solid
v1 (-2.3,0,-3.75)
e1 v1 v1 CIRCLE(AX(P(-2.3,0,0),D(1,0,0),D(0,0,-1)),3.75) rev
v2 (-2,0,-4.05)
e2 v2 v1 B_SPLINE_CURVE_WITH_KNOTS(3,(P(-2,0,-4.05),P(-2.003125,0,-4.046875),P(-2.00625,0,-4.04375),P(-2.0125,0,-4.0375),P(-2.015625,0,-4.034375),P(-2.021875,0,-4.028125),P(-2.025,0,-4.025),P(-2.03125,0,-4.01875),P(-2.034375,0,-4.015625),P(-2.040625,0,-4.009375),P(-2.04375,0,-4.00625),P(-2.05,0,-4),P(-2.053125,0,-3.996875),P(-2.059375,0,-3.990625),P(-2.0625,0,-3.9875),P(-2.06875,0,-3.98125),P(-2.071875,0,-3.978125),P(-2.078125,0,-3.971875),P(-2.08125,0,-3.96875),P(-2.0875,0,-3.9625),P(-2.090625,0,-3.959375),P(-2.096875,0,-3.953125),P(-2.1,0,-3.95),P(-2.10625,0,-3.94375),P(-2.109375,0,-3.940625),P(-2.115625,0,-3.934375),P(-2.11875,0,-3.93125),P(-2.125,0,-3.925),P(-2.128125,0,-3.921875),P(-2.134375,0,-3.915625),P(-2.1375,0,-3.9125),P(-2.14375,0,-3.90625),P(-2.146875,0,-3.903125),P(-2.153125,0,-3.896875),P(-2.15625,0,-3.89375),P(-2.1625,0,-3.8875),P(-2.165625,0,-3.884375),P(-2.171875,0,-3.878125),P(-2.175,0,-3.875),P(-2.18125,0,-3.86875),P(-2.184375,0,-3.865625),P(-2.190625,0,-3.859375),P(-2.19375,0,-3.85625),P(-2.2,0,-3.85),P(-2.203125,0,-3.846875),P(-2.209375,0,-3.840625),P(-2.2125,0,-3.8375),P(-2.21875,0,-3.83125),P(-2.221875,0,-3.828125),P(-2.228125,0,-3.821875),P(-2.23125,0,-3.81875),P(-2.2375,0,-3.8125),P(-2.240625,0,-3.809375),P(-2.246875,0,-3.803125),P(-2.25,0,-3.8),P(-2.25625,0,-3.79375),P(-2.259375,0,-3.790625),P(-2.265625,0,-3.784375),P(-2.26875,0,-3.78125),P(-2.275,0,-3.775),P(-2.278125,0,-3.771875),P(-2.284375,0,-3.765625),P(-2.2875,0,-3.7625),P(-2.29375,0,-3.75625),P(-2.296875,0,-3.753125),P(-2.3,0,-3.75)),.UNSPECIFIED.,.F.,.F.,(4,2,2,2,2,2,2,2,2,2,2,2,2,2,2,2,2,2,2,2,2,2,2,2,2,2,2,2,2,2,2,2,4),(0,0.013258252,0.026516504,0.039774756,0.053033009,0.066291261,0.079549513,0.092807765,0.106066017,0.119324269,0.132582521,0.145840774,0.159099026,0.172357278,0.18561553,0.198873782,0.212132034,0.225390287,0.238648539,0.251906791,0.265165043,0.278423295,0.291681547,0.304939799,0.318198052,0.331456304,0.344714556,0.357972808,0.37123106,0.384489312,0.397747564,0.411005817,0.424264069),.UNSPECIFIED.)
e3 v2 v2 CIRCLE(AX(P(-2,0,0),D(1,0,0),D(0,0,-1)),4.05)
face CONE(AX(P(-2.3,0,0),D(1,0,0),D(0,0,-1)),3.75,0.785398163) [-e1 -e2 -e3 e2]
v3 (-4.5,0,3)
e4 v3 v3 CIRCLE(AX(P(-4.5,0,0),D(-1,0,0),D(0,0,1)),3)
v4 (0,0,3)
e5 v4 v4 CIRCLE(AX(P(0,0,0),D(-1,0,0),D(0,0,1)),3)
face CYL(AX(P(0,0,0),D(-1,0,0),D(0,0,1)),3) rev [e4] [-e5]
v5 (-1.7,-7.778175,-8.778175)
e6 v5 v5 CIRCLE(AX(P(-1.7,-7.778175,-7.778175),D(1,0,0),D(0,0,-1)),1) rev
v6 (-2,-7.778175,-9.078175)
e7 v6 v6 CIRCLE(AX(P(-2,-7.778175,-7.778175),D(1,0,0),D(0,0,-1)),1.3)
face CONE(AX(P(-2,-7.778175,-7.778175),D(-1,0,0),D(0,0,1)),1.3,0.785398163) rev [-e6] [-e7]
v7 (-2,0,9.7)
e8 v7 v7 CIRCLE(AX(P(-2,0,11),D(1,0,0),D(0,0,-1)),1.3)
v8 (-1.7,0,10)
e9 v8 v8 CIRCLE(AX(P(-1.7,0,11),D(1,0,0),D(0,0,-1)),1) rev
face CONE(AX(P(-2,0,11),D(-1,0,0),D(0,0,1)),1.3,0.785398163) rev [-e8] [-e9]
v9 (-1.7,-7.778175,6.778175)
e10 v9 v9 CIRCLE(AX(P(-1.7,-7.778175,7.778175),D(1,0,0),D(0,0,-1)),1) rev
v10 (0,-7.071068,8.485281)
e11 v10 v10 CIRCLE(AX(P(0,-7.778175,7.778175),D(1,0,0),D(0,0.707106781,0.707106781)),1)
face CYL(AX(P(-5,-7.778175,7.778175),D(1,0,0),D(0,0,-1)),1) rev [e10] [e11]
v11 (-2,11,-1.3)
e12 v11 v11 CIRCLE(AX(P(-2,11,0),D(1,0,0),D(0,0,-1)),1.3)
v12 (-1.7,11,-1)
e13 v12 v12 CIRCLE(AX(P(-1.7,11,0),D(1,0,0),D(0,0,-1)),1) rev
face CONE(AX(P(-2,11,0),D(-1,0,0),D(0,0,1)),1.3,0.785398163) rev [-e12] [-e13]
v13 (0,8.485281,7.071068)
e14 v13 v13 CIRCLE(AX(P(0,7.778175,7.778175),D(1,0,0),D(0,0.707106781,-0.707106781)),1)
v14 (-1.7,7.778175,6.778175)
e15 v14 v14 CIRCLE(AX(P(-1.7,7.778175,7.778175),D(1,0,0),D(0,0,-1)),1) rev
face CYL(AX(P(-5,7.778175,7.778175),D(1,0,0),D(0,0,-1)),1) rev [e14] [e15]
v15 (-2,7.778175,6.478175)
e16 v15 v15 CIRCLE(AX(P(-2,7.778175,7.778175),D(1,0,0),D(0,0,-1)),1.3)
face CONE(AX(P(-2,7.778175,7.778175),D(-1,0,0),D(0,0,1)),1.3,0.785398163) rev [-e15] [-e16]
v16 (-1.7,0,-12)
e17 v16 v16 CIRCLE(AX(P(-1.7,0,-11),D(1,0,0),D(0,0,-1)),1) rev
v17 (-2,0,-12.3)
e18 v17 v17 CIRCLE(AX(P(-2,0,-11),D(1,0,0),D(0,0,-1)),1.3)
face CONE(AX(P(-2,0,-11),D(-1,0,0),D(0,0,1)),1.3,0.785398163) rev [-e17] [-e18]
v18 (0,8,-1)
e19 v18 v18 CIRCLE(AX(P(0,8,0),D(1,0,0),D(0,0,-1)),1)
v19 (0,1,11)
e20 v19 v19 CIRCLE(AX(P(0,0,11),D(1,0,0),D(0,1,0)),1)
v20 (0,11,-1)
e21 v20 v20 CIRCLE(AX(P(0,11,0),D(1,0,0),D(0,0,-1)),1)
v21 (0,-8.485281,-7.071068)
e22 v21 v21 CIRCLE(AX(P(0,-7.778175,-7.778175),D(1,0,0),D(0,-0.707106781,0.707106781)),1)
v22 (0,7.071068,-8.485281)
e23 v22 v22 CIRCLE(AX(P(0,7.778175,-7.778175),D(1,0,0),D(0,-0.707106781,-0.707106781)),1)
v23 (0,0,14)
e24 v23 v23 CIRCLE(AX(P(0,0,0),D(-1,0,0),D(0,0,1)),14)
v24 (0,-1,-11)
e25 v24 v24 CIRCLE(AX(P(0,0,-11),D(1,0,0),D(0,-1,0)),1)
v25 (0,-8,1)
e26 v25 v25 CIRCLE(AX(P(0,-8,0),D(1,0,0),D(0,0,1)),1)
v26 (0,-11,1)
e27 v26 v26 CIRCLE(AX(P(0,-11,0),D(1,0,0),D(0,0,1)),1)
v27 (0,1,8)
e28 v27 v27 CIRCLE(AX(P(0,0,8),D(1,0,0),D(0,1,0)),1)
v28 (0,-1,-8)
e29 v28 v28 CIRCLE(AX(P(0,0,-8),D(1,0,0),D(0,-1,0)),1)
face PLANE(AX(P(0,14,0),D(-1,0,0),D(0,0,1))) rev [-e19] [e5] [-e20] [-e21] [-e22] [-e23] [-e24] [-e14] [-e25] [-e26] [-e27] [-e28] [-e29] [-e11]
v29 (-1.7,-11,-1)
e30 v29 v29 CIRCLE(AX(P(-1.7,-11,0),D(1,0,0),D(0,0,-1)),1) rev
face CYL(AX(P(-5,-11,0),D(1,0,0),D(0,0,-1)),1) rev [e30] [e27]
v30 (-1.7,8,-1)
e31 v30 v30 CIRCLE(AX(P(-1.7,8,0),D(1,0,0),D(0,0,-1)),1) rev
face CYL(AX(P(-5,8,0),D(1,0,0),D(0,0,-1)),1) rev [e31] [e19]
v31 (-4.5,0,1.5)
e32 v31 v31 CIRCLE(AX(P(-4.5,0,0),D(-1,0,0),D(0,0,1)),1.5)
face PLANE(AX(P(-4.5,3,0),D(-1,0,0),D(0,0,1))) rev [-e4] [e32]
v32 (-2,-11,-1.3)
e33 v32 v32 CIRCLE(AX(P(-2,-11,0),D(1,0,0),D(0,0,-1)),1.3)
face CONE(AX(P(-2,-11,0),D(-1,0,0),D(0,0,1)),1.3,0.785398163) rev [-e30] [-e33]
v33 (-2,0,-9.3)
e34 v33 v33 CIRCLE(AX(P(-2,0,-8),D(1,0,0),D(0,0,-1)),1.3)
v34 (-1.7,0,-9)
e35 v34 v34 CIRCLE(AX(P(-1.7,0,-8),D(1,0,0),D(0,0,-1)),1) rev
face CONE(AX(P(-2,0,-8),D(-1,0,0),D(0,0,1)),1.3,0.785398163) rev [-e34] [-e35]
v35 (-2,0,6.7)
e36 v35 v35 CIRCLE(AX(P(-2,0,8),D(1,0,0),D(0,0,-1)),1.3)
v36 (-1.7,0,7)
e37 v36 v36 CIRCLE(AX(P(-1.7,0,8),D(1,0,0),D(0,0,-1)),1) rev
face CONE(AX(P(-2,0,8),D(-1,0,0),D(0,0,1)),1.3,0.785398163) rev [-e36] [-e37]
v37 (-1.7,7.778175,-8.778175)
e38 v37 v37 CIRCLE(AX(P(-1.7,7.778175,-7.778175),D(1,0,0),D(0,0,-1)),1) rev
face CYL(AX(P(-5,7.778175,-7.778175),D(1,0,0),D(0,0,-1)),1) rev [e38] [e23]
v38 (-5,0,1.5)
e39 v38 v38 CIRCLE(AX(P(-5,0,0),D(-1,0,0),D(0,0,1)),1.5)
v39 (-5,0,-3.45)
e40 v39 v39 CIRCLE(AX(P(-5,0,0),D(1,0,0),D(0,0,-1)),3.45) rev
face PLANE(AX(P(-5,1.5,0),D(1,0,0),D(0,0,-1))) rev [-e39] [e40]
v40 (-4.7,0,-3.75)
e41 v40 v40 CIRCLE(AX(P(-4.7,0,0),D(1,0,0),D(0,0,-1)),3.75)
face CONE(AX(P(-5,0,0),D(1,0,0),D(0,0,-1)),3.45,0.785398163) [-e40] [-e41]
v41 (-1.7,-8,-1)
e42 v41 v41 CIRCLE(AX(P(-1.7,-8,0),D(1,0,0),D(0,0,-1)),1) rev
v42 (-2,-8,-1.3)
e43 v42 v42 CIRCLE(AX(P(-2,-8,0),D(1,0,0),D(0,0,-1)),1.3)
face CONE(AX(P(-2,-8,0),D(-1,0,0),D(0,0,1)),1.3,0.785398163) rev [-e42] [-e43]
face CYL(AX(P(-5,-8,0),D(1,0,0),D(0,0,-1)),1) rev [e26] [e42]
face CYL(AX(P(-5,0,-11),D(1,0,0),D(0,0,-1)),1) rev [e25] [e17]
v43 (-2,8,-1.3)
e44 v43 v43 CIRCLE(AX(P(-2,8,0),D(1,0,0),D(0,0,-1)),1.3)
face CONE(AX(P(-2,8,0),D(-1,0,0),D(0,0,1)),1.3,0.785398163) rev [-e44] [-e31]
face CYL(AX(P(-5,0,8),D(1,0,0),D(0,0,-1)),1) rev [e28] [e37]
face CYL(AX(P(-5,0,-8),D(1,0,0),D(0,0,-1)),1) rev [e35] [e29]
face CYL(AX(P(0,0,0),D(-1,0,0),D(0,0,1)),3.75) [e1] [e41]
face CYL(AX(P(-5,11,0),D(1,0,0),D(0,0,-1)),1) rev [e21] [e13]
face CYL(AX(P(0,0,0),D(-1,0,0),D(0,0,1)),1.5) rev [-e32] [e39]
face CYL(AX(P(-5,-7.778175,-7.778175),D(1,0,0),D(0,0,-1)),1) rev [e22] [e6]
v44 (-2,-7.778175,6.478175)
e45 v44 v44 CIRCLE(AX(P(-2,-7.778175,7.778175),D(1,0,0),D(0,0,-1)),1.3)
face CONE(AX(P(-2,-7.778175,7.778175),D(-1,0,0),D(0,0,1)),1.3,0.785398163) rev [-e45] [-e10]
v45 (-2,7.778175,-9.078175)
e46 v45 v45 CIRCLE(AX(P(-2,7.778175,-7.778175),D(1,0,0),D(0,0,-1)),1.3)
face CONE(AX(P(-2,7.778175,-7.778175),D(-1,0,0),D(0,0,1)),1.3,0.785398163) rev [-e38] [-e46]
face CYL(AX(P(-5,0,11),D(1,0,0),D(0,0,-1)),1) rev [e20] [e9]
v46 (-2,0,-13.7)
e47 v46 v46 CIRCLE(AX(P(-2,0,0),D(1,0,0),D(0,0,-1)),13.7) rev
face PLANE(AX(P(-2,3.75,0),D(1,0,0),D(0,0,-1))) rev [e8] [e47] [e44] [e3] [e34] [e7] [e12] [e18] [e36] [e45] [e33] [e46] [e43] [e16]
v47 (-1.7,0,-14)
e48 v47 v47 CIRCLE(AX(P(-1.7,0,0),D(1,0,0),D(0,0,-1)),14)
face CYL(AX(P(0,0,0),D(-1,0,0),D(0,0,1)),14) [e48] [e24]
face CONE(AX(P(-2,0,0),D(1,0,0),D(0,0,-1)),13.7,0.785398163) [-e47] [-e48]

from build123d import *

# Parameters (mm, degrees)
SKETCH2_R          = 1
CUT_EXTRUDE1_DEPTH = 21.420577857
CIRPATTERN2_COUNT  = 8
SKETCH3_R          = 1
CUT_EXTRUDE2_DEPTH = 21.420577857
CIRPATTERN3_COUNT  = 4
CHAMFER1_SIZE      = 0.3


with BuildPart() as part:
    # Sketch1 → Revolve1 (revolve)
    with BuildSketch(Plane.XY):
        Polygon((-5, 3.75), (-2, 3.75), (-2, 14), (0, 14), (0, 3), (-4.5, 3), (-4.5, 1.5), (-5, 1.5), align=None)
    revolve(axis=Axis((0, 0, 0), (1, 0, 0)))

    # Sketch2 → Cut-Extrude1 (cut, through all)
    with BuildSketch(Plane(origin=(0, 0, 0), x_dir=(0, 0, -1), z_dir=(1, 0, 0))):
        with Locations((0, 11)):
            Circle(SKETCH2_R)
    cut_extrude1 = extrude(amount=-CUT_EXTRUDE1_DEPTH, mode=Mode.SUBTRACT)

    # CirPattern2: Cut-Extrude1 ×8 about axis
    cirpattern2_axis = Axis((0, 0, 0), (-1, 0, 0))
    for i in range(1, CIRPATTERN2_COUNT):
        add(cut_extrude1.rotate(cirpattern2_axis, i * 360 / CIRPATTERN2_COUNT), mode=Mode.SUBTRACT)

    # Sketch3 → Cut-Extrude2 (cut, through all)
    with BuildSketch(Plane(origin=(0, 0, 0), x_dir=(0, 0, -1), z_dir=(1, 0, 0))):
        with Locations((0, 8)):
            Circle(SKETCH3_R)
    cut_extrude2 = extrude(amount=-CUT_EXTRUDE2_DEPTH, mode=Mode.SUBTRACT)

    # CirPattern3: Cut-Extrude2 ×4 about axis
    cirpattern3_axis = Axis((0, 0, 0), (-1, 0, 0))
    for i in range(1, CIRPATTERN3_COUNT):
        add(cut_extrude2.rotate(cirpattern3_axis, i * 360 / CIRPATTERN3_COUNT), mode=Mode.SUBTRACT)

    # Chamfer1
    chamfer1_edges = [part.edges().sort_by_distance(p)[0] for p in [
        (-2, -14, 0),
        (-2, -3.75, 0),
        (-2, 11, 1),
        (-2, 8.485281374, -7.071067812),
        (-2, 1, -11),
        (-2, -7.071067812, -8.485281374),
        (-2, -11, -1),
        (-2, -8.485281374, 7.071067812),
        (-2, -1, 11),
        (-2, 7.071067812, 8.485281374),
        (-2, 8, 1),
        (-2, 1, -8),
        (-2, -8, -1),
        (-2, -1, 8),
        (-5, -3.75, 0),
    ]]
    chamfer(chamfer1_edges, length=CHAMFER1_SIZE)


solid = part.part
